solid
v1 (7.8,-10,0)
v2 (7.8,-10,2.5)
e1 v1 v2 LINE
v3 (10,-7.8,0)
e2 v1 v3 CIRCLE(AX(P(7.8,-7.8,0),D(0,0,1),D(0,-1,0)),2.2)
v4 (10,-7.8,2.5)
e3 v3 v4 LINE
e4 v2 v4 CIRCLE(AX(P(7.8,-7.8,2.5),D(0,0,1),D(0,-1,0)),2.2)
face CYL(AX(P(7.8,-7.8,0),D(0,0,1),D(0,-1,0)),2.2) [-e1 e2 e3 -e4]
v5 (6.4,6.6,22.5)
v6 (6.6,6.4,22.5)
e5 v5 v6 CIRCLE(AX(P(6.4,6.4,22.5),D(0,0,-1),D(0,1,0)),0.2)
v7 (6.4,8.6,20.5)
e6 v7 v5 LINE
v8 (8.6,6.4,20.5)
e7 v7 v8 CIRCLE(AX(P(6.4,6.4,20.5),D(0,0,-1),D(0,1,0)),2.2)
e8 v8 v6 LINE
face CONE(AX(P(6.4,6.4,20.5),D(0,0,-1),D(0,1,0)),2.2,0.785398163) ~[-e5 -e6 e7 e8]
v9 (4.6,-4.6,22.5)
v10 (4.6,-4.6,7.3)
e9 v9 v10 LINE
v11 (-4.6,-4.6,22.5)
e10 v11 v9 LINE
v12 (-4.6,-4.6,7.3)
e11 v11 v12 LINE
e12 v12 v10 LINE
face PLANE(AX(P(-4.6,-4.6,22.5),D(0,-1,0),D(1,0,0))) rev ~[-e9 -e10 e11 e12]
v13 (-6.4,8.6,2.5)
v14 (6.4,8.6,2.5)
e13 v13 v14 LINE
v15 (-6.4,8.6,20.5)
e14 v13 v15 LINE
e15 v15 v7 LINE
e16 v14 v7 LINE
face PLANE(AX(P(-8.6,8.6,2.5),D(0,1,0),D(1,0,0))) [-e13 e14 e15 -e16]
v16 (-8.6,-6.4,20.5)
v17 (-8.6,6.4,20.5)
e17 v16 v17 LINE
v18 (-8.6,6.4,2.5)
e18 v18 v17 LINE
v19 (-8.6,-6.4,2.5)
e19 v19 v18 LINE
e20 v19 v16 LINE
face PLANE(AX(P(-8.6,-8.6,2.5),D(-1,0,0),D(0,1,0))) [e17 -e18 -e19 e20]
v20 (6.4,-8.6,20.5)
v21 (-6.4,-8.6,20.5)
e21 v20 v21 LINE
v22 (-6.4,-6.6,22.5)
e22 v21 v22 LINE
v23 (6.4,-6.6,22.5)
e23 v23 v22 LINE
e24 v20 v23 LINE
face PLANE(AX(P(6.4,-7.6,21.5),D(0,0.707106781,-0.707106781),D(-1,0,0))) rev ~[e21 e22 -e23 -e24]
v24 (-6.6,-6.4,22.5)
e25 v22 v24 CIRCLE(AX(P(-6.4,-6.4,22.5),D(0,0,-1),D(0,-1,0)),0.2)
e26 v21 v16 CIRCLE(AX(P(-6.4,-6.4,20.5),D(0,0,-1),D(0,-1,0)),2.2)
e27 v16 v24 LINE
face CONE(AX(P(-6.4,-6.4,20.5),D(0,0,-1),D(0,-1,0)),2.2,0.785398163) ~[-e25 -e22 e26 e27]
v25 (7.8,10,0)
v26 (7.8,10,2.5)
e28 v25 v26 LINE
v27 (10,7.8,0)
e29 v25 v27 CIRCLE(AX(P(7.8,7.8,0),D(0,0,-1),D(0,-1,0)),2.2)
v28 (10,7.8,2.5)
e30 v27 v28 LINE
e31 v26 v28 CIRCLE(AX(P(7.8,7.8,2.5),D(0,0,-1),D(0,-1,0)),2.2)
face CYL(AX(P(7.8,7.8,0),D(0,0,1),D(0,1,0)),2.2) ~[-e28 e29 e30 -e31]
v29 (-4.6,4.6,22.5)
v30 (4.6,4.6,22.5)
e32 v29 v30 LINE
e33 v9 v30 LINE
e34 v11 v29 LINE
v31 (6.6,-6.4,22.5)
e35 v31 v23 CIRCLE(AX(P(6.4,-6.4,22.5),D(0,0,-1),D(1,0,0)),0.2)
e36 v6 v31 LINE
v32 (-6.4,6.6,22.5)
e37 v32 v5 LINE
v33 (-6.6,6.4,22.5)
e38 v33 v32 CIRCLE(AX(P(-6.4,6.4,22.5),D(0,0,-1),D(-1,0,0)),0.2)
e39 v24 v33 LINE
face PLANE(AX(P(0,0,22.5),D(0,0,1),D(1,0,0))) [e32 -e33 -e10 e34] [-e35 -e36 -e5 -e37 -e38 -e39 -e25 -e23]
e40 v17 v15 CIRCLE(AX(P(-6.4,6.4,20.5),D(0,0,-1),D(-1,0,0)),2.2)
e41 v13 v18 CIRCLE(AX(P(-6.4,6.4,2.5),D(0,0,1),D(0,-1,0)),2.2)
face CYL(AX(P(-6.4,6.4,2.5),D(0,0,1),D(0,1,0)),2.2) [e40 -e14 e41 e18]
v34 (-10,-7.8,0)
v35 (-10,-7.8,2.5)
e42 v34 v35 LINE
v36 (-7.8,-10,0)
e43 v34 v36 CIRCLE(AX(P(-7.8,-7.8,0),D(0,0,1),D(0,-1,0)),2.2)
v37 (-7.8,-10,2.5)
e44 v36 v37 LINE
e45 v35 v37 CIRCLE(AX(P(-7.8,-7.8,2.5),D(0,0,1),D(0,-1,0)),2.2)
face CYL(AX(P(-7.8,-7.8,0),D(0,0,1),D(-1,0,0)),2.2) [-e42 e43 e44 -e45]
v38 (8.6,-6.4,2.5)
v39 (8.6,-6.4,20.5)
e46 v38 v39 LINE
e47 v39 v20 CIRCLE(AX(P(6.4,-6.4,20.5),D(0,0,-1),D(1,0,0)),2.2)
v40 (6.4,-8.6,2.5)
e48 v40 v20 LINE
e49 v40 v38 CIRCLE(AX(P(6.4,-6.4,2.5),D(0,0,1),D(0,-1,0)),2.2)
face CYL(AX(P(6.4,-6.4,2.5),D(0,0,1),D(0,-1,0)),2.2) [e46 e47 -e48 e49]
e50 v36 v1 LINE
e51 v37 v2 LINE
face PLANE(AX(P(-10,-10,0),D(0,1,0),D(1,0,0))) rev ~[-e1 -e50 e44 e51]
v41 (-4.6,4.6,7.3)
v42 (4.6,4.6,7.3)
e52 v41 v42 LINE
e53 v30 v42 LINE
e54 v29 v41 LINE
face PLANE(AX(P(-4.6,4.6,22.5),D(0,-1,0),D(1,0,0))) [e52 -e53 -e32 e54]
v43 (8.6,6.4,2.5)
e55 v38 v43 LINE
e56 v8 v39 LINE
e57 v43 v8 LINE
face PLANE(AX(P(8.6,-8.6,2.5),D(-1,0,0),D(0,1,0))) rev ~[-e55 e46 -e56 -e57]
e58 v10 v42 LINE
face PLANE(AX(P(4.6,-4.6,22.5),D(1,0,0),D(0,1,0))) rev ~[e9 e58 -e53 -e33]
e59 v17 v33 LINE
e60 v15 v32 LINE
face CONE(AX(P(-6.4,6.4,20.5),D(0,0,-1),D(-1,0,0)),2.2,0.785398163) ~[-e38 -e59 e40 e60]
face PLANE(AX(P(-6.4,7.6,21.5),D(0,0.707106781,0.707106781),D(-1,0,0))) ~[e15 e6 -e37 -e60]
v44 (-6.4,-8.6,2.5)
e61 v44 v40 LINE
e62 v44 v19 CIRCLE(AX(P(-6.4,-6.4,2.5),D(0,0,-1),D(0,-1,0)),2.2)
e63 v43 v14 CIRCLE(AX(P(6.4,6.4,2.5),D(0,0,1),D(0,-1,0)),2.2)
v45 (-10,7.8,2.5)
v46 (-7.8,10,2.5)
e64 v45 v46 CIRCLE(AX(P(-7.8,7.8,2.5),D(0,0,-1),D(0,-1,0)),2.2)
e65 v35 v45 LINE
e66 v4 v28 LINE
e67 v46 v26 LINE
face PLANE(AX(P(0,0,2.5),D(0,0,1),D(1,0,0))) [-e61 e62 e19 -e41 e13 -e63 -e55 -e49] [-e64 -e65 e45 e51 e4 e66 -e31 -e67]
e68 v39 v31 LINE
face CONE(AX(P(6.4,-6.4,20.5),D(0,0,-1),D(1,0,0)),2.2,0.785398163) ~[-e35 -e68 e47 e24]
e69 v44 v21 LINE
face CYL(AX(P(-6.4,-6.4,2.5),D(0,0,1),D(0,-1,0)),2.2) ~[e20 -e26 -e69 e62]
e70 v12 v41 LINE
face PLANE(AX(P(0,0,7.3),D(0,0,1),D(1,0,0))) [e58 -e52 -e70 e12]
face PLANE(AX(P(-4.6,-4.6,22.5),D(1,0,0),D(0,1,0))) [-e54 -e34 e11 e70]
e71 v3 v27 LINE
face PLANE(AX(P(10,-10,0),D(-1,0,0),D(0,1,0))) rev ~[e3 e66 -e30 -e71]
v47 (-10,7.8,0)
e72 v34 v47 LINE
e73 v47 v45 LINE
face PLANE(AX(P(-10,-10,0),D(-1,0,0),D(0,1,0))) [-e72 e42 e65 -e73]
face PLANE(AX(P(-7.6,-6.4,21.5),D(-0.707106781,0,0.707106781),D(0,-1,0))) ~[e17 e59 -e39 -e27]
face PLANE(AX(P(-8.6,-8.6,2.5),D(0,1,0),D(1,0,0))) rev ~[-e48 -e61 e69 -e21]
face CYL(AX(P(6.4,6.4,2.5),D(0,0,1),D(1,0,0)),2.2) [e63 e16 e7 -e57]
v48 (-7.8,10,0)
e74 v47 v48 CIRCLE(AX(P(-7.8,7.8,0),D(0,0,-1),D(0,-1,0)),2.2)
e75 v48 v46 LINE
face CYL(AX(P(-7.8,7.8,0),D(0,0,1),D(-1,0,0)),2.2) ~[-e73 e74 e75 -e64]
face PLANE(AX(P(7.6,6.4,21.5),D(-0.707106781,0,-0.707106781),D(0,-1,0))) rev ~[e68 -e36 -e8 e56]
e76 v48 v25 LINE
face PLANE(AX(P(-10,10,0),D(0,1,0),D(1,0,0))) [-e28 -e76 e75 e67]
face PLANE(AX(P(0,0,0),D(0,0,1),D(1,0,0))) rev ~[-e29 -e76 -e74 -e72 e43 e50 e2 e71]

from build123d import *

# Parameters (mm, degrees)
F0_W     = 20
F0_H     = 20
F1_DEPTH = 2.5
F2_W     = 17.2
F2_H     = 17.2
F3_DEPTH = 20
F4_R     = 2.2
F5_W     = 9.2
F5_H     = 9.2
F6_DEPTH = 15.2
F7_SIZE  = 2


with BuildPart() as f1:
    # F0 (on Top) → F1 (new body)
    with BuildSketch(Plane.XY):
        Rectangle(F0_W, F0_H)
    extrude(amount=F1_DEPTH)

    # F2 (on face) → F3 (join)
    with BuildSketch(Plane.XY.offset(2.5)):
        Rectangle(F2_W, F2_H)
    extrude(amount=F3_DEPTH)

    # F4
    f4_edges = [f1.edges().sort_by_distance(p)[0] for p in [
        (-8.6, -8.6, 12.5),
        (-8.6, 8.6, 12.5),
        (8.6, 8.6, 12.5),
        (8.6, -8.6, 12.5),
        (10, -10, 1.25),
        (10, 10, 1.25),
        (-10, -10, 1.25),
        (-10, 10, 1.25),
    ]]
    fillet(f4_edges, radius=F4_R)

    # F5 (on face) → F6 (cut)
    with BuildSketch(Plane.XY.offset(22.5)):
        Rectangle(F5_W, F5_H)
    extrude(amount=-F6_DEPTH, mode=Mode.SUBTRACT)

    # F7
    f7_edges = [f1.edges().sort_by_distance(p)[0] for p in [
        (0, 8.6, 22.5),
    ]]
    chamfer(f7_edges, length=F7_SIZE)


solid = f1.part
